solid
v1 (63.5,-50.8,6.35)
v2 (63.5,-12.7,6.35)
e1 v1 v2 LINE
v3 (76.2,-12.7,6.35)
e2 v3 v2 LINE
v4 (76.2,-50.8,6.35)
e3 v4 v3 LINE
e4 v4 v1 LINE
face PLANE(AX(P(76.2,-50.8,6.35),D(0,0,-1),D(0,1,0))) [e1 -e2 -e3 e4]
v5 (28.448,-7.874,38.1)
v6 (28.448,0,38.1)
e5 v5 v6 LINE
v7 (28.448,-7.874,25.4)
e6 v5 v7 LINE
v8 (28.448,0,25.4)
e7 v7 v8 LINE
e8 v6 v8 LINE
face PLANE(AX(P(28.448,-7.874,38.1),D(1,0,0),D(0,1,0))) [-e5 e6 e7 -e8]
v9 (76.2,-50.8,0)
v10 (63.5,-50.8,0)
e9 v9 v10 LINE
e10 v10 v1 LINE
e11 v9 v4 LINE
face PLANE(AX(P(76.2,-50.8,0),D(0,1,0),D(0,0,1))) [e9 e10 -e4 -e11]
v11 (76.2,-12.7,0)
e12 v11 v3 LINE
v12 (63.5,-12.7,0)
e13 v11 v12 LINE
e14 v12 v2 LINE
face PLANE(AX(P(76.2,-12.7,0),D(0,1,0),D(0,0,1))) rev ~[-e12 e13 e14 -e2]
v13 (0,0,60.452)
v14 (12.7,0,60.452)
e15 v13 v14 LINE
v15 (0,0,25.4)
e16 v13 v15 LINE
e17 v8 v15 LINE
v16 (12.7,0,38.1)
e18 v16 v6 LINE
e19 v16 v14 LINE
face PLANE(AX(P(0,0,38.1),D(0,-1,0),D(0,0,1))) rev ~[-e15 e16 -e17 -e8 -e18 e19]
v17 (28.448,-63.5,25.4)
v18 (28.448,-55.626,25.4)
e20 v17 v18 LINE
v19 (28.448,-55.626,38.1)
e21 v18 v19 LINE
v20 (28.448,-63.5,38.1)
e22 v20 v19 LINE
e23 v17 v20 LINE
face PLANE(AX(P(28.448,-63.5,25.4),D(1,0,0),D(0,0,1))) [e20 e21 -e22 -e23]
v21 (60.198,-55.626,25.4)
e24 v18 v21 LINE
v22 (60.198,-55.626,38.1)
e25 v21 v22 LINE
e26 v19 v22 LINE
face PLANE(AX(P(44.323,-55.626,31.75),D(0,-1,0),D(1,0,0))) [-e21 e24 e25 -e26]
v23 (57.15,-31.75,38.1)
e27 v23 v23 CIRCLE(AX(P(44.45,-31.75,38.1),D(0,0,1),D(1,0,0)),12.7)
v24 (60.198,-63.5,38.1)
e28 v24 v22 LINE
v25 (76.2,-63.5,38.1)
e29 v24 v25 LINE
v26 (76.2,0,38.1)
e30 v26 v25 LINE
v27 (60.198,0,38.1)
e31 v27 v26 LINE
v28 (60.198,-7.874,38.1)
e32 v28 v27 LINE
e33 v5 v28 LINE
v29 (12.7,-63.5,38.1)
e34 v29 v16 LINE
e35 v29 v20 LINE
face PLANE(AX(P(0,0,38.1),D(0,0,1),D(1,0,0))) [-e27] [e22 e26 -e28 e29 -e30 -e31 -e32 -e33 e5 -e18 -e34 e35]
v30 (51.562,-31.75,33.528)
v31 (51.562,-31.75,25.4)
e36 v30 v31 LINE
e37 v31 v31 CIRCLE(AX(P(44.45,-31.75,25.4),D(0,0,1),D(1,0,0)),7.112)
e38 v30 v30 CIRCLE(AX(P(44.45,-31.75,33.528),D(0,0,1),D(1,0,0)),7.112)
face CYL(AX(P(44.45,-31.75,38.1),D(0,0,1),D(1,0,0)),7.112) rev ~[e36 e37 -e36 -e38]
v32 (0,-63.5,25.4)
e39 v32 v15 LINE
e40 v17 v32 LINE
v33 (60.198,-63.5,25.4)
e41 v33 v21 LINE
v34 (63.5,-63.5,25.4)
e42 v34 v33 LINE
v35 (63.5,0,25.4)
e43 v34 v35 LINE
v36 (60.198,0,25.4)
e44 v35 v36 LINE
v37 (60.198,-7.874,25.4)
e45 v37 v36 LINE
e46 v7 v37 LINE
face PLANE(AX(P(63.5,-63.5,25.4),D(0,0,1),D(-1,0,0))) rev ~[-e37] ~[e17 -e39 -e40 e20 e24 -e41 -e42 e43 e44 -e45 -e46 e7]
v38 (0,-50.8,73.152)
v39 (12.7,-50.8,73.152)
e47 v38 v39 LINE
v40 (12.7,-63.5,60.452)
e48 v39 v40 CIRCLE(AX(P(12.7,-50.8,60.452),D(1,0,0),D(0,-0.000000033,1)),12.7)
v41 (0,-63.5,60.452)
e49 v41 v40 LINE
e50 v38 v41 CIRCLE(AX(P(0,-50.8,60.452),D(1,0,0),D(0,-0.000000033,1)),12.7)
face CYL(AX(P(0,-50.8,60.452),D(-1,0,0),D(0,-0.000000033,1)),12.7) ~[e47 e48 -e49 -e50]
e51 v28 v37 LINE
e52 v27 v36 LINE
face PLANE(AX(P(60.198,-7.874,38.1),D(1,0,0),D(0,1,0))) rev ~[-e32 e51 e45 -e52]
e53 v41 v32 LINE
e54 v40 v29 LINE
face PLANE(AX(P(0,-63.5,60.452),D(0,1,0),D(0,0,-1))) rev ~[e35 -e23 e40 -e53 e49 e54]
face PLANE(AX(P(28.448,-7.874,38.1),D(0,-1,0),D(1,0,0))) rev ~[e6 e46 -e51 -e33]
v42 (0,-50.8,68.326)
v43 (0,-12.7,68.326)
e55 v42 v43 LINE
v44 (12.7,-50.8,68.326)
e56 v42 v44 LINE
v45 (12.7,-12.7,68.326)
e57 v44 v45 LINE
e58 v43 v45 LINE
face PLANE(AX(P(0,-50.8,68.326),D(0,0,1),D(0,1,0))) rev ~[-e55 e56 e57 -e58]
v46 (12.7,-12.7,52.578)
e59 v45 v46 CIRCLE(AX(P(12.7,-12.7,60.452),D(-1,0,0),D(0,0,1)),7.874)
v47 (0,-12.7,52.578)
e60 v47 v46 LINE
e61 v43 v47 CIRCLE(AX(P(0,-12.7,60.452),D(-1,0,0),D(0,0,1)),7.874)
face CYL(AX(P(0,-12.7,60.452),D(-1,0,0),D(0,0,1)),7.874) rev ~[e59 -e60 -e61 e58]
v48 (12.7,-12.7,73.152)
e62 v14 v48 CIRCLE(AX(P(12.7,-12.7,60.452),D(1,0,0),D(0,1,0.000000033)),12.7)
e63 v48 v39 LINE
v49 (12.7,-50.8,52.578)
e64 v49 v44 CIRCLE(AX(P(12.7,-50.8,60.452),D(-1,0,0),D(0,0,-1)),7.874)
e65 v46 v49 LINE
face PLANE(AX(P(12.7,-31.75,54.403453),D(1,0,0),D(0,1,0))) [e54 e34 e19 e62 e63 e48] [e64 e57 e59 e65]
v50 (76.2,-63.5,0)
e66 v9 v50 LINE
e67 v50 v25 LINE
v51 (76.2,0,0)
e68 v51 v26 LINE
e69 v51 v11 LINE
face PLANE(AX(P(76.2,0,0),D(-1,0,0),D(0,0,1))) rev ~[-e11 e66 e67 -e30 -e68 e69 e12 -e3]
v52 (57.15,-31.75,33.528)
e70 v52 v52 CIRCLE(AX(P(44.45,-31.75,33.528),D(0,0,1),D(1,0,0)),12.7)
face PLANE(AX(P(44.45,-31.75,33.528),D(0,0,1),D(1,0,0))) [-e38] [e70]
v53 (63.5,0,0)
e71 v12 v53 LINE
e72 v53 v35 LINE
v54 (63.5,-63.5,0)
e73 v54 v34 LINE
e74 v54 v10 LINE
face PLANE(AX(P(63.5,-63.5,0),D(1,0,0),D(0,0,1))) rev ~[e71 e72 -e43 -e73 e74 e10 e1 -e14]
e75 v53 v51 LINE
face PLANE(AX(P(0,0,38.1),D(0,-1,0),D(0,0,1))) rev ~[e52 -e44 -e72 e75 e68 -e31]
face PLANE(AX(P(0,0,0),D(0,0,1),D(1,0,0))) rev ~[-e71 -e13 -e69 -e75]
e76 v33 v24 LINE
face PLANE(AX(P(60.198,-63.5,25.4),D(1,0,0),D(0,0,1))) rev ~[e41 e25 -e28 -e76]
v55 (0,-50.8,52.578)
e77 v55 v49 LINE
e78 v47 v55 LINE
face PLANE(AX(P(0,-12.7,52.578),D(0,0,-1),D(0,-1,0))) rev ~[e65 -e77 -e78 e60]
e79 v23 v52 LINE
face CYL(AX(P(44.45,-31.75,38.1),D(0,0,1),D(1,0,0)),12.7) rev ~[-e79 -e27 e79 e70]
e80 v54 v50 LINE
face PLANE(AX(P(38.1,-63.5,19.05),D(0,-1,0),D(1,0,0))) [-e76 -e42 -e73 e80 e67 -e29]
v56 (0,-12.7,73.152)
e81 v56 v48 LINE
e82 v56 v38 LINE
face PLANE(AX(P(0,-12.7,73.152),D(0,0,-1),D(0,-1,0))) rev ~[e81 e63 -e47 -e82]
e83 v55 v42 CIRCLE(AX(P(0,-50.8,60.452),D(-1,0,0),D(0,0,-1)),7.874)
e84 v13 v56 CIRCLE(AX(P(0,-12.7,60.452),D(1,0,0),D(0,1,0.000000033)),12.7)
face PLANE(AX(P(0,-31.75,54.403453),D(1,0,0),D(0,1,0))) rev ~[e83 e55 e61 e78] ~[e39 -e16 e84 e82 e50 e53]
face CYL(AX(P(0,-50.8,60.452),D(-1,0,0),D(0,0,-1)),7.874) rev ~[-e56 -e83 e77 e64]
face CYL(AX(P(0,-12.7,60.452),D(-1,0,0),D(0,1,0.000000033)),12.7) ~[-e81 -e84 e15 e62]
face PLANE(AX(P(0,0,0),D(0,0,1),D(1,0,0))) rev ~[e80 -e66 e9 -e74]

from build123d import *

# Parameters (mm, degrees)
F0_W       = 76.2
F0_H       = 38.1
F1_DEPTH   = 63.5
F3_DEPTH   = 63.501
F4_W       = 31.75
F4_H       = 12.7
F5_DEPTH   = 7.874
F6_W       = 38.1
F6_H       = 6.35
F7_DEPTH   = 76.201
F9_DEPTH   = 12.7
F10_R      = 12.7
F10_R_2    = 7.112
F11_DEPTH  = 4.572
F11_FACE_R = 7.112
F12_DEPTH  = 38.101
F13_W      = 31.75
F13_H      = 7.874
F14_DEPTH  = 38.101


with BuildPart() as f1:
    # F0 (on Front) → F1 (new body)
    with BuildSketch(Plane.XZ):
        with Locations((38.1, 19.05)):
            Rectangle(F0_W, F0_H)
    extrude(amount=F1_DEPTH)

    # F2 (on face) → F3 (cut, through all)
    with BuildSketch(Plane.XZ.offset(63.5)):
        Polygon((0, 0), (63.5, 0), (63.5, 25.4), (60.198, 25.4), (0, 25.4), align=None)
    extrude(amount=-F3_DEPTH, mode=Mode.SUBTRACT)

    # F4 (on face) → F5 (cut)
    with BuildSketch(Plane.XZ.offset(63.5)):
        with Locations((44.323, 31.75)):
            Rectangle(F4_W, F4_H)
    extrude(amount=-F5_DEPTH, mode=Mode.SUBTRACT)

    # F6 (on face) → F7 (cut, through all)
    with BuildSketch(Plane.YZ.offset(76.2)):
        with Locations((-31.75, 3.175)):
            Rectangle(F6_W, F6_H)
    extrude(amount=-F7_DEPTH, mode=Mode.SUBTRACT)

    # F8 (on Right) → F9 (join)
    with BuildSketch(Plane.YZ):
        with BuildLine():
            Line((-63.5, 38.1), (0, 38.1))
            Line((0, 38.1), (0, 60.452))
            ThreePointArc((0, 60.452), (-3.719744, 69.432256), (-12.7, 73.152))
            Line((-12.7, 73.152), (-50.8, 73.152))
            ThreePointArc((-50.8, 73.152), (-59.780256, 69.432256), (-63.5, 60.452))
            Line((-63.5, 60.452), (-63.5, 38.1))
        make_face()
        with BuildLine():
            ThreePointArc((-50.8, 52.578), (-58.674, 60.452), (-50.8, 68.326))
            Line((-50.8, 68.326), (-12.7, 68.326))
            ThreePointArc((-12.7, 68.326), (-4.826, 60.452), (-12.7, 52.578))
            Line((-12.7, 52.578), (-50.8, 52.578))
        make_face(mode=Mode.SUBTRACT)
    extrude(amount=F9_DEPTH)

    # F10 (on face) → F11 (cut)
    with BuildSketch(Plane.XY.offset(38.1)):
        with Locations((44.45, -31.75)):
            Circle(F10_R)
        with Locations((44.45, -31.75)):
            Circle(F10_R_2, mode=Mode.SUBTRACT)
    extrude(amount=-F11_DEPTH, mode=Mode.SUBTRACT)

    # F11_face (on face) → F12 (cut, through all)
    with BuildSketch(Plane(origin=(44.45, -31.75, 38.1), x_dir=(1, 0, 0), z_dir=(0, 0, 1))):
        Circle(F11_FACE_R)
    extrude(amount=-F12_DEPTH, mode=Mode.SUBTRACT)

    # F13 (on face) → F14 (cut, through all)
    with BuildSketch(Plane.XY.offset(38.1)):
        with Locations((44.323, -3.937)):
            Rectangle(F13_W, F13_H)
    extrude(amount=-F14_DEPTH, mode=Mode.SUBTRACT)


solid = f1.part
